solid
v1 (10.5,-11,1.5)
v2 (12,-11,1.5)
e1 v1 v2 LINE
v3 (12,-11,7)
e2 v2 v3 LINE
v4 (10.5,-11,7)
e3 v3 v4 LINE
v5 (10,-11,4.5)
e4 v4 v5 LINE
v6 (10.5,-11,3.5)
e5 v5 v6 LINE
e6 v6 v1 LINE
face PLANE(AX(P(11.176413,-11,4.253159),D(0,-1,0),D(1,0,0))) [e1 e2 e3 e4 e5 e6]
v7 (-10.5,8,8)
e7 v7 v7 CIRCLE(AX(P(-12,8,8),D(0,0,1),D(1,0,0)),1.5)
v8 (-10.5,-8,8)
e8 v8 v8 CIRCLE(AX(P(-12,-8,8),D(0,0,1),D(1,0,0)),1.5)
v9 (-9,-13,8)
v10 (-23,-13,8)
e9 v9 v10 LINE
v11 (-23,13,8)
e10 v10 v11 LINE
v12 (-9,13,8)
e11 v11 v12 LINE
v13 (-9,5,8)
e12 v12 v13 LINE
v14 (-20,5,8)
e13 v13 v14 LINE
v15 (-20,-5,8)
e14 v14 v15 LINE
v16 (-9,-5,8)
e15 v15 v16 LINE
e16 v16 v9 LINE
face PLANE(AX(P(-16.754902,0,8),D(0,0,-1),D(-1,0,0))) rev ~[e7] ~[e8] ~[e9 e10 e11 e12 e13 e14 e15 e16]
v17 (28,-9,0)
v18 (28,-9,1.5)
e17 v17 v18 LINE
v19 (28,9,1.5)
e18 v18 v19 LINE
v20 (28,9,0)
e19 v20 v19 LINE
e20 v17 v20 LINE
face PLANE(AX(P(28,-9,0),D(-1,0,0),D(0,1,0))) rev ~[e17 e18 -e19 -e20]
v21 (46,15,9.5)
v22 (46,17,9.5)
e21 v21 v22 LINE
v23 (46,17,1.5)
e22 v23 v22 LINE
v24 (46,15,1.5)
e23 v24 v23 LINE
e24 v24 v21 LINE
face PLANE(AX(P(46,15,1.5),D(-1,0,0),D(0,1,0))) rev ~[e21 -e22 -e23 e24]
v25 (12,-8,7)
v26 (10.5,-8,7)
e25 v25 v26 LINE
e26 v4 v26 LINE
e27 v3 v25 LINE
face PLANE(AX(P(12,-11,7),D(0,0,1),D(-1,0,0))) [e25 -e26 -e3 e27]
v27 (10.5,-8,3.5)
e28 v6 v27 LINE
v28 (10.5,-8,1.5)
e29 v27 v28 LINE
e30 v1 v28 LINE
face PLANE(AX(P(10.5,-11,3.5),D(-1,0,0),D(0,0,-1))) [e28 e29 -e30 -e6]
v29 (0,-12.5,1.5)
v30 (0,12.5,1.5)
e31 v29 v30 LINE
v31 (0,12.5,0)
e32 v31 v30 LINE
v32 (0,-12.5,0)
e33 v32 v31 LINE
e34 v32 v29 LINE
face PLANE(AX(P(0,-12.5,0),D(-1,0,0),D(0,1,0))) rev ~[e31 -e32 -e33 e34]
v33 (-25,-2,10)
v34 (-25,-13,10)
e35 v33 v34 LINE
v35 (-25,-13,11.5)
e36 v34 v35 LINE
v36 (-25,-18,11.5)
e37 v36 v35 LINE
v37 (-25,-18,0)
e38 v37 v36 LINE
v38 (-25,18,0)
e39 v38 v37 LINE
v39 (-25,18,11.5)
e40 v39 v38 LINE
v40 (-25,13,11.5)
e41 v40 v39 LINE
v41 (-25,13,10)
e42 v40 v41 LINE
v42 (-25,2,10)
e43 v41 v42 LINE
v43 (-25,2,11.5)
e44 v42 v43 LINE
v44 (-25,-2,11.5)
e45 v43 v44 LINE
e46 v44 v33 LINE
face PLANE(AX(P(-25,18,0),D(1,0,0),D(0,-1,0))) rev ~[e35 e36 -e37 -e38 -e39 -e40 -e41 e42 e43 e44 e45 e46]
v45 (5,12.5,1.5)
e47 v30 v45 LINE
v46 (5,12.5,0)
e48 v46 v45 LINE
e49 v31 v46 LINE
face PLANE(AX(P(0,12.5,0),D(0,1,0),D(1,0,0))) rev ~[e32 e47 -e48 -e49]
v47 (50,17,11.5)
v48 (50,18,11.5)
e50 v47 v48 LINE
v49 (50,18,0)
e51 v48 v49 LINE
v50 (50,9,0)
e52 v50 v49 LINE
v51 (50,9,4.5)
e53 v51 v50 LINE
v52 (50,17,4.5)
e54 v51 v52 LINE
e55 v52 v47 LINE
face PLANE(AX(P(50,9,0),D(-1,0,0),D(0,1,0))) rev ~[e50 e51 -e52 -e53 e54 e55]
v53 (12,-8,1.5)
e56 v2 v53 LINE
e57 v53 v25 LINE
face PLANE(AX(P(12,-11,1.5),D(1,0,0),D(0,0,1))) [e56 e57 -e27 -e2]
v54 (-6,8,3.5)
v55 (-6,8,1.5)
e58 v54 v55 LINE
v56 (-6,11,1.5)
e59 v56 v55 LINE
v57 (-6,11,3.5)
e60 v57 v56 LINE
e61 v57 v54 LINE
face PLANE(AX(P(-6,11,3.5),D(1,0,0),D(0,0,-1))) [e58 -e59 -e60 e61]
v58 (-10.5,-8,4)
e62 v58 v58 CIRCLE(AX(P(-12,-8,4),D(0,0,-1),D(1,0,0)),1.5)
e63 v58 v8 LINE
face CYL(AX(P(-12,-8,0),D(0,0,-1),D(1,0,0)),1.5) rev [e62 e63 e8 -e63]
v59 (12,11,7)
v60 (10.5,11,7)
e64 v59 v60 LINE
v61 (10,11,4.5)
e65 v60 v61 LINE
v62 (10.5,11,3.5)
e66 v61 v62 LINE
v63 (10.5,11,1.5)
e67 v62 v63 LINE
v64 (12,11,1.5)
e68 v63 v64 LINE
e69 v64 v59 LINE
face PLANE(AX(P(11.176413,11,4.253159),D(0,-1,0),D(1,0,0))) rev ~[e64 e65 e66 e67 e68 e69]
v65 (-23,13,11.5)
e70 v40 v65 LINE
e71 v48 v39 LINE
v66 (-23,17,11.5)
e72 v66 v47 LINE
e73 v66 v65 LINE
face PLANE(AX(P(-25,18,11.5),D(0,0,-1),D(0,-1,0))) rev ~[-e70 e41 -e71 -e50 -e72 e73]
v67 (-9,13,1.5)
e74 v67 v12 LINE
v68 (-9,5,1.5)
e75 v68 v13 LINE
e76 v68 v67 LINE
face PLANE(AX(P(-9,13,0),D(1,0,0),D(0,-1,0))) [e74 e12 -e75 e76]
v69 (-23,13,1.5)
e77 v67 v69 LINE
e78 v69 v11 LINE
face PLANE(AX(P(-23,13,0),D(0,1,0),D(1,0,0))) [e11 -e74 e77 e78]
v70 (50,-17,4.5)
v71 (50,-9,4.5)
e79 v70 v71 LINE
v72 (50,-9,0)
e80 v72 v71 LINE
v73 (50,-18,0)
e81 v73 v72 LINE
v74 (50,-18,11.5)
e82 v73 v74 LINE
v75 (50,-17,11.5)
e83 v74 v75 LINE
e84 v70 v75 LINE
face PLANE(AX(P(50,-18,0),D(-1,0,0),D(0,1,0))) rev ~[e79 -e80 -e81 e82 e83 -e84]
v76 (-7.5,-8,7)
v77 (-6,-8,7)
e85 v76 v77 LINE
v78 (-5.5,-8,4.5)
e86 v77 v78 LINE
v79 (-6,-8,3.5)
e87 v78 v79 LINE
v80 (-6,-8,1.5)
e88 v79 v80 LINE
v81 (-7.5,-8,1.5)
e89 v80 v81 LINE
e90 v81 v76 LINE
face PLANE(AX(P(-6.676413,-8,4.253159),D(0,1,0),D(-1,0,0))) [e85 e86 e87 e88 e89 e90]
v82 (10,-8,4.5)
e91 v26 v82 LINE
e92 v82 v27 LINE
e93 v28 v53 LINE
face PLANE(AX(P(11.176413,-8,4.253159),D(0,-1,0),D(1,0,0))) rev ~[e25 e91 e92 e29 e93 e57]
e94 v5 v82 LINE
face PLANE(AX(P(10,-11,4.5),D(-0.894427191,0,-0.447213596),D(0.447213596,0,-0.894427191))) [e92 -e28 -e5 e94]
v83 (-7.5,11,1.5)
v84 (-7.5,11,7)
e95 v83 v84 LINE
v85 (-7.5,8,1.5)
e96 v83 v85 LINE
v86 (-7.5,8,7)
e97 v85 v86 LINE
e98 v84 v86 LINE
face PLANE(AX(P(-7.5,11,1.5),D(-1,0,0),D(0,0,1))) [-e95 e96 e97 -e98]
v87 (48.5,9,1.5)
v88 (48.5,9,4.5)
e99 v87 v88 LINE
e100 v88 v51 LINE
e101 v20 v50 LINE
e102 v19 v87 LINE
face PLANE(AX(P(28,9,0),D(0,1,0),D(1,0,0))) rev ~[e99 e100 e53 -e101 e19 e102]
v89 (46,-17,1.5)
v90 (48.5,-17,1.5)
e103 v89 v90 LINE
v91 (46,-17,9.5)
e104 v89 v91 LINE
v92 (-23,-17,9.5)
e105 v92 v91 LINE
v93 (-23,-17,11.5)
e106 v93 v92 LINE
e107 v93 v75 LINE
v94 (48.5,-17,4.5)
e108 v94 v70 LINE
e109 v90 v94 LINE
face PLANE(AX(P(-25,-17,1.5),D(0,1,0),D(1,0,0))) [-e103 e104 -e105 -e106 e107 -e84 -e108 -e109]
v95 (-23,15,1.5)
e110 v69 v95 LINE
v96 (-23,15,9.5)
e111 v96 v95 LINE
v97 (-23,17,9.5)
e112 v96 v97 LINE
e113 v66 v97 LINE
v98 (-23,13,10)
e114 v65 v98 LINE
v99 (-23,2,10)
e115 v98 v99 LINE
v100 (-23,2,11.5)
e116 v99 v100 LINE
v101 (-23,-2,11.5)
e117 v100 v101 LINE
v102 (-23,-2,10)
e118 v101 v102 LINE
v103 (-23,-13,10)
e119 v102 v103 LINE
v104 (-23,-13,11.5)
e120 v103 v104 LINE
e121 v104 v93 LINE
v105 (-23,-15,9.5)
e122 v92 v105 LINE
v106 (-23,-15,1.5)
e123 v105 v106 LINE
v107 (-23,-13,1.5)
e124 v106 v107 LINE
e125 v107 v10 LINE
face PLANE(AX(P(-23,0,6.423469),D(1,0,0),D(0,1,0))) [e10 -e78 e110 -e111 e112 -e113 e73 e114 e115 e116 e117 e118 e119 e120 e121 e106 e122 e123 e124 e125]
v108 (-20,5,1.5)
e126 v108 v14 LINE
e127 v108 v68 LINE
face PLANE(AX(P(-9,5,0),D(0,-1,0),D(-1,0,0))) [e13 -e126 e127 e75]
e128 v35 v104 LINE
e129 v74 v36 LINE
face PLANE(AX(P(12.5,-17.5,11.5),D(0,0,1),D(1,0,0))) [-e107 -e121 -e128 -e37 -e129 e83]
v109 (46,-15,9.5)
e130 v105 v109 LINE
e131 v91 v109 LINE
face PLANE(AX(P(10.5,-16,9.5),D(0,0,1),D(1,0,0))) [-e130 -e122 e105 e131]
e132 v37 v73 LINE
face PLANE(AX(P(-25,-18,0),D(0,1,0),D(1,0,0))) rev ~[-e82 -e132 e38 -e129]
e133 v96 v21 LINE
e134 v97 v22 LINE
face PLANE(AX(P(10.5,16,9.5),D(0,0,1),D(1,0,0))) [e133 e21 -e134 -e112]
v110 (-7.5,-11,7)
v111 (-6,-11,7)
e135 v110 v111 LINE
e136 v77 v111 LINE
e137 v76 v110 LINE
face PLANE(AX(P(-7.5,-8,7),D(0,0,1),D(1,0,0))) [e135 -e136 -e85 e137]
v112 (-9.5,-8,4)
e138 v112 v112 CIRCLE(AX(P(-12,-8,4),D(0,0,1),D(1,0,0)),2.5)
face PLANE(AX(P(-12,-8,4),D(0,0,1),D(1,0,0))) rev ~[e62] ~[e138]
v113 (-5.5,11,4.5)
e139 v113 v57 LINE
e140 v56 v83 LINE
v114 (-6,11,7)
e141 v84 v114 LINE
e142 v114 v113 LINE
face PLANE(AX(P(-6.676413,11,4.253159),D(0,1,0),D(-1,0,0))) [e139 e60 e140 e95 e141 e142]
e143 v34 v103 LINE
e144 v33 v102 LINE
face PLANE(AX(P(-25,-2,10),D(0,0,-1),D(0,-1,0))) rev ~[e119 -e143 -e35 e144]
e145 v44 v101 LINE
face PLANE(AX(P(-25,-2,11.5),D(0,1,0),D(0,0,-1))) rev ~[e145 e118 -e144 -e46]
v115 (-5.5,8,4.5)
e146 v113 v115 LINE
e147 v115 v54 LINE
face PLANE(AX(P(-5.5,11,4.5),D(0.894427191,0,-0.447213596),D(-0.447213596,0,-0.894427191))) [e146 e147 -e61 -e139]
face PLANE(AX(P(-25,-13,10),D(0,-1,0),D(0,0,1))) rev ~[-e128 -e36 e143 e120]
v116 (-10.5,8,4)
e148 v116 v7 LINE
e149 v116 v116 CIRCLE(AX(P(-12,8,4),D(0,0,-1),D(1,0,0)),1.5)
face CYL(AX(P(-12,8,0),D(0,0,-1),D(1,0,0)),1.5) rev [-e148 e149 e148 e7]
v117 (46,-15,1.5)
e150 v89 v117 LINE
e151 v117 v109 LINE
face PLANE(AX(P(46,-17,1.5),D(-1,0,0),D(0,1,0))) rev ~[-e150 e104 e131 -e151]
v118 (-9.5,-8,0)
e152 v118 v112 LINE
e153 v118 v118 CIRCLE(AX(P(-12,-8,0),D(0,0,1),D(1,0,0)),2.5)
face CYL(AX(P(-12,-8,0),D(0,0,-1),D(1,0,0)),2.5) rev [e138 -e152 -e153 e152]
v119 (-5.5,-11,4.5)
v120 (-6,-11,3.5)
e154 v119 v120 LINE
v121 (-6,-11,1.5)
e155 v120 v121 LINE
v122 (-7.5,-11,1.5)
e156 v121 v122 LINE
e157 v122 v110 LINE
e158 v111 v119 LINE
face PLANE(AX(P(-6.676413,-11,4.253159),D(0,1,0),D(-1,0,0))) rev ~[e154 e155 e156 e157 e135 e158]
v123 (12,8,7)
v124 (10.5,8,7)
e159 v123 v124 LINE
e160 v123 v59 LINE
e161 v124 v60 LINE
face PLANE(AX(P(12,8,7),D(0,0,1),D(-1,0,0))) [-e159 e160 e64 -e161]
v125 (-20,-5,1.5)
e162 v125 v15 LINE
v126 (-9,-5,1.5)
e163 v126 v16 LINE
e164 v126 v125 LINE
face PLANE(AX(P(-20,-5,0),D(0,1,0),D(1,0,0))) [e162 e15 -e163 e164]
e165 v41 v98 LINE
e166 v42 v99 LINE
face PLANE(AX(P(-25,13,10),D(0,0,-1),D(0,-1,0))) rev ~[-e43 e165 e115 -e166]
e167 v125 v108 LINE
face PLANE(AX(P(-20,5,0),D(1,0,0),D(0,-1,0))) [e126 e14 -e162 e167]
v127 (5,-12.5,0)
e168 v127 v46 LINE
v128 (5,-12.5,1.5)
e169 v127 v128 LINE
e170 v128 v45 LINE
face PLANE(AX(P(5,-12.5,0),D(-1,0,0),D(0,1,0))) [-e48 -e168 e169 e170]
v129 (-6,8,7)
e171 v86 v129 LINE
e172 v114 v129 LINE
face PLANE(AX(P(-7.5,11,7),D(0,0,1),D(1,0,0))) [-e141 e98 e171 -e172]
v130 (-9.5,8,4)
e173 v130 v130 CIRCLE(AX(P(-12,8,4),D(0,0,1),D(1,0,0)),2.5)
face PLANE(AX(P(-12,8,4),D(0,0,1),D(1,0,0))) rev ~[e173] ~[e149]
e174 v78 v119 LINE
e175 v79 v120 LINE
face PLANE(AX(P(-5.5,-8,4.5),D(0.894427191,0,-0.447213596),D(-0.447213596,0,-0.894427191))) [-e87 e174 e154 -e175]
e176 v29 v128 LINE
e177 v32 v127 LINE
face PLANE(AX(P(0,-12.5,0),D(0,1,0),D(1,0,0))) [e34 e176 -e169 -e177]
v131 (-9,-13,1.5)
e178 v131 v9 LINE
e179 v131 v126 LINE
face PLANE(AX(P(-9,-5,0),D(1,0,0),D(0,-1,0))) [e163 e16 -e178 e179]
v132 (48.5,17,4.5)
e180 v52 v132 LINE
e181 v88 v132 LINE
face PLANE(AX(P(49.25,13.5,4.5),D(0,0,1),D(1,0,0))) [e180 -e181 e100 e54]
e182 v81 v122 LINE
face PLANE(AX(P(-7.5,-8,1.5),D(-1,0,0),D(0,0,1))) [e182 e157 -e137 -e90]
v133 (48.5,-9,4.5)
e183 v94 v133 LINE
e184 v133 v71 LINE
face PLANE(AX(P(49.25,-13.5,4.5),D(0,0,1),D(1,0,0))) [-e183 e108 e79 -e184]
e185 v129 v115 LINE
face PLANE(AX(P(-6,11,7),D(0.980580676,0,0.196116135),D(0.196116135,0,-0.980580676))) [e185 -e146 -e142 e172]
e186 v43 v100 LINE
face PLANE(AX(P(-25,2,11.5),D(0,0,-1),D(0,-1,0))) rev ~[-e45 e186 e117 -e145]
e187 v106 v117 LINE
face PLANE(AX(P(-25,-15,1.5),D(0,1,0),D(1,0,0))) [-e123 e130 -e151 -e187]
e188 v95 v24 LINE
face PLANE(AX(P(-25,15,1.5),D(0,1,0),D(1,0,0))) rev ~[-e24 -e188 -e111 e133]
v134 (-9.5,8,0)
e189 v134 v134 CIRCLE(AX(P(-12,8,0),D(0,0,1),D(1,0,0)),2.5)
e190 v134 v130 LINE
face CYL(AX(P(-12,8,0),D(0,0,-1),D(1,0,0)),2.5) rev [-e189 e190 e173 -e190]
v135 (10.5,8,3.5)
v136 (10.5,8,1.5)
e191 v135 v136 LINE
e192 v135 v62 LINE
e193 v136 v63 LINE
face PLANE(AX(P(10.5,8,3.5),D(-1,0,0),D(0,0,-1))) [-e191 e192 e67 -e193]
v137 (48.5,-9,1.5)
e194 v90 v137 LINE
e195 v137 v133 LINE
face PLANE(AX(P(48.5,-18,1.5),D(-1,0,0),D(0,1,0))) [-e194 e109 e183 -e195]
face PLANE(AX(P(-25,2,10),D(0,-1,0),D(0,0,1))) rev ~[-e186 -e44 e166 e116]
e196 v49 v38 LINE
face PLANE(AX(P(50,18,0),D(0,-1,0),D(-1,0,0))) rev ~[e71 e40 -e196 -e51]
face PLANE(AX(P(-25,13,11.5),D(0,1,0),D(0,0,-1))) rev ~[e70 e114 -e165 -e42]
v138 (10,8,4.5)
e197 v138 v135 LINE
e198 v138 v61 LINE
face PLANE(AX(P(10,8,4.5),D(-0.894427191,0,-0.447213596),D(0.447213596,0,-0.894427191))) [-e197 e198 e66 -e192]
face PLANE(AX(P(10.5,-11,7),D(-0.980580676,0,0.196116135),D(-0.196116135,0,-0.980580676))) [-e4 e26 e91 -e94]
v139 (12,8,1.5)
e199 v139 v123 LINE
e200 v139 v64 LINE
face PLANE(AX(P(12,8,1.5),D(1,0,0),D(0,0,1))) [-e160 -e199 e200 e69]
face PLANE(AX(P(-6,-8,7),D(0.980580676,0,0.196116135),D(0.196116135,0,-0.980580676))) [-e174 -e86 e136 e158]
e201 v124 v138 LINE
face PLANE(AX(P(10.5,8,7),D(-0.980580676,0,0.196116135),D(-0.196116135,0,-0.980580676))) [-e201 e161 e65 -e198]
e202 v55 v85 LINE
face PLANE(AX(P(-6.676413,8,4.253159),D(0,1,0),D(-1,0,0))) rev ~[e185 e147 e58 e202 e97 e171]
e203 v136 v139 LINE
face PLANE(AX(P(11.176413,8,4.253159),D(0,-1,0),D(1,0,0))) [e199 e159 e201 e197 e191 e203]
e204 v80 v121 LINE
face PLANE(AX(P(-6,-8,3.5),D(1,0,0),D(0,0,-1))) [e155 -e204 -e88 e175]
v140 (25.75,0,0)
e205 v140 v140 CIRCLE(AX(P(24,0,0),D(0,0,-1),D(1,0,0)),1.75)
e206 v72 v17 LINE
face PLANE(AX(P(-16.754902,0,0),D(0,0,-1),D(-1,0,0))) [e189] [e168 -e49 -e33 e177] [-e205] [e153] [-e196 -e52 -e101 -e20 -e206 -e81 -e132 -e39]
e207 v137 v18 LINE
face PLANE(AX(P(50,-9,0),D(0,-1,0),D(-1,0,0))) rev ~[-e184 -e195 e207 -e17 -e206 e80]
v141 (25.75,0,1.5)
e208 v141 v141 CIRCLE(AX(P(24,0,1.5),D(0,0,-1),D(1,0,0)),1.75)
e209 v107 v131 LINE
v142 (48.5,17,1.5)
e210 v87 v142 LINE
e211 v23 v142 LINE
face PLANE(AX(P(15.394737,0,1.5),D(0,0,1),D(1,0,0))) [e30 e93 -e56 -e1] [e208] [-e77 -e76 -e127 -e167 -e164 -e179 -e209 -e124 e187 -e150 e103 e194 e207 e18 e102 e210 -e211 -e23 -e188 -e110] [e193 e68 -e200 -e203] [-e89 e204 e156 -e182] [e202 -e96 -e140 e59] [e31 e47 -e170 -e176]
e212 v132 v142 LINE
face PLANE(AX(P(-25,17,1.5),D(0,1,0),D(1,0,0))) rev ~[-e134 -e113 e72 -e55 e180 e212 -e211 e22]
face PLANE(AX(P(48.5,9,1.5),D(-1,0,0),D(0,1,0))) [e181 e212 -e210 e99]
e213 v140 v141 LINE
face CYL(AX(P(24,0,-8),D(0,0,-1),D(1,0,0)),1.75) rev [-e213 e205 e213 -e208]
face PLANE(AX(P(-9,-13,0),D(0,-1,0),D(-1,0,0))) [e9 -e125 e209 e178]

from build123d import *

# Parameters (mm, degrees)
CYLINDER002_R                        = 1.75
CYLINDER002_DEPTH                    = 19
CYLINDER003_R                        = 2.5
CYLINDER003_DEPTH                    = 4
CYLINDER004_R                        = 2.5
CYLINDER004_DEPTH                    = 4
BOX003_W                             = 71
BOX003_H                             = 2
BOX003_DEPTH                         = 8
BOX004_W                             = 1.5
BOX004_H                             = 9
BOX004_DEPTH                         = 3
BOX005_W                             = 1.5
BOX005_H                             = 9
BOX005_DEPTH                         = 3
BOX001_W                             = 75
BOX001_H                             = 1
BOX001_DEPTH                         = 10
BOX002_W                             = 71
BOX002_H                             = 2
BOX002_DEPTH                         = 8
EXTRUDE001_DEPTH                     = 2
SKETCH_W                             = 5
SKETCH_H                             = 25
EXTRUDE_DEPTH                        = 1.5
SKETCH004_R                          = 1.5
EXTRUDE003_DEPTH                     = 8
EXTRUDE008_DEPTH                     = 3
EXTRUDE008_ONTO_SKETCH007_ROLL_ANGLE = 90
EXTRUDE008_PLACEMENT_ANGLE           = 180
EXTRUDE007_DEPTH                     = 3
EXTRUDE007_ONTO_SKETCH006_ROLL_ANGLE = 90
EXTRUDE007_PLACEMENT_ANGLE           = 180
EXTRUDE006_DEPTH                     = 3
EXTRUDE006_ONTO_SKETCH006_ROLL_ANGLE = 90
EXTRUDE005_DEPTH                     = 3
EXTRUDE005_ONTO_SKETCH006_ROLL_ANGLE = 90
BOX_W                                = 75
BOX_H                                = 1
BOX_DEPTH                            = 10


with BuildPart() as cylinder002:
    # Cylinder002 → Cylinder002 (new body)
    with BuildSketch(Plane(origin=(24, 0, -8), x_dir=(1, 0, 0), z_dir=(0, 0, 1))):
        Circle(CYLINDER002_R)
    extrude(amount=CYLINDER002_DEPTH)


with BuildPart() as cylinder003:
    # Cylinder003 → Cylinder003 (new body)
    with BuildSketch(Plane(origin=(-12, -8, 0), x_dir=(1, 0, 0), z_dir=(0, 0, 1))):
        Circle(CYLINDER003_R)
    extrude(amount=CYLINDER003_DEPTH)


with BuildPart() as holesside1:
    # Cylinder004 → Cylinder004 (new body)
    with BuildSketch(Plane(origin=(-12, 8, 0), x_dir=(1, 0, 0), z_dir=(0, 0, 1))):
        Circle(CYLINDER004_R)
    extrude(amount=CYLINDER004_DEPTH)

    # Fusion005: union Cylinder002, Cylinder003
    add(cylinder002.part)
    add(cylinder003.part)


with BuildPart() as sidewall004:
    # Box003 → Box003 (new body)
    with BuildSketch(Plane(origin=(-25, 15, 1.5), x_dir=(1, 0, 0), z_dir=(0, 0, 1))):
        with Locations((35.5, 1)):
            Rectangle(BOX003_W, BOX003_H)
    extrude(amount=BOX003_DEPTH)


with BuildPart() as cube:
    # Box004 → Box004 (new body)
    with BuildSketch(Plane(origin=(48.5, 9, 1.5), x_dir=(1, 0, 0), z_dir=(0, 0, 1))):
        with Locations((0.75, 4.5)):
            Rectangle(BOX004_W, BOX004_H)
    extrude(amount=BOX004_DEPTH)


with BuildPart() as cube001:
    # Box005 → Box005 (new body)
    with BuildSketch(Plane(origin=(48.5, -18, 1.5), x_dir=(1, 0, 0), z_dir=(0, 0, 1))):
        with Locations((0.75, 4.5)):
            Rectangle(BOX005_W, BOX005_H)
    extrude(amount=BOX005_DEPTH)


with BuildPart() as sidewall002:
    # Box001 → Box001 (new body)
    with BuildSketch(Plane(origin=(-25, 17, 1.5), x_dir=(1, 0, 0), z_dir=(0, 0, 1))):
        with Locations((37.5, 0.5)):
            Rectangle(BOX001_W, BOX001_H)
    extrude(amount=BOX001_DEPTH)


with BuildPart() as sidewall003:
    # Box002 → Box002 (new body)
    with BuildSketch(Plane(origin=(-25, -17, 1.5), x_dir=(1, 0, 0), z_dir=(0, 0, 1))):
        with Locations((35.5, 1)):
            Rectangle(BOX002_W, BOX002_H)
    extrude(amount=BOX002_DEPTH)


with BuildPart() as extrude001:
    # Sketch001 → Extrude001 (new body)
    with BuildSketch(Plane.YZ):
        Polygon((-18, 0), (18, 0), (18, 10), (13, 10), (13, 8.5), (2, 8.5), (2, 10), (-2, 10), (-2, 8.5), (-13, 8.5), (-13, 10), (-18, 10), align=None)
    extrude(amount=EXTRUDE001_DEPTH)


with BuildPart() as extrude001_1:
    # Extrude001 placement: moved
    add(extrude001.part.moved(Location((-25, 0, 1.5))))


with BuildPart() as extrude_body:
    # Sketch → Extrude (new body)
    with BuildSketch(Plane.XY):
        Polygon((-25, 18), (-25, -18), (50, -18), (50, -9), (28, -9), (28, 9), (50, 9), (50, 18), align=None)
        with Locations((2.5, 0)):
            Rectangle(SKETCH_W, SKETCH_H, mode=Mode.SUBTRACT)
    extrude(amount=EXTRUDE_DEPTH)


with BuildPart() as extrude003:
    # Sketch004 → Extrude003 (new body)
    with BuildSketch(Plane.XY):
        Polygon((-3, 13), (11, 13), (11, 5), (0, 5), (0, -5), (11, -5), (11, -13), (-3, -13), align=None)
        with Locations((8, 8)):
            Circle(SKETCH004_R, mode=Mode.SUBTRACT)
        with Locations((8, -8)):
            Circle(SKETCH004_R, mode=Mode.SUBTRACT)
    extrude(amount=EXTRUDE003_DEPTH)


with BuildPart() as extrude003_1:
    # Extrude003 placement: moved
    add(extrude003.part.moved(Location((-20, 0, 0))))


with BuildPart() as extrude008:
    # Sketch007 as drawn → Extrude008 (new)
    with BuildSketch(Plane.XY):
        Polygon((0, 0), (-1.5, 0), (-1.5, 5.5), (0, 5.5), (0.5, 3), (0, 2), align=None)
    extrude(amount=EXTRUDE008_DEPTH)


with BuildPart() as extrude008_1:
    # Extrude008 onto Sketch007 roll: moved
    add(extrude008.part.rotate(Axis((0, 0, 0), (1, 0, 0)), EXTRUDE008_ONTO_SKETCH007_ROLL_ANGLE))


with BuildPart() as extrude008_2:
    # Extrude008 onto Sketch007 placement: moved
    add(extrude008_1.part)


with BuildPart() as extrude008_3:
    # Extrude008 placement: moved
    add(extrude008_2.part.moved(Location((10.5, -11, 1.5))).rotate(Axis((10.5, -11, 1.5), (0, 0, 1)), EXTRUDE008_PLACEMENT_ANGLE))


with BuildPart() as extrude007:
    # Sketch006 as drawn → Extrude007 (new)
    with BuildSketch(Plane.XY):
        Polygon((0, 0), (-1.5, 0), (-1.5, 5.5), (0, 5.5), (0.5, 3), (0, 2), align=None)
    extrude(amount=EXTRUDE007_DEPTH)


with BuildPart() as extrude007_1:
    # Extrude007 onto Sketch006 roll: moved
    add(extrude007.part.rotate(Axis((0, 0, 0), (1, 0, 0)), EXTRUDE007_ONTO_SKETCH006_ROLL_ANGLE))


with BuildPart() as extrude007_2:
    # Extrude007 onto Sketch006 placement: moved
    add(extrude007_1.part)


with BuildPart() as extrude007_3:
    # Extrude007 placement: moved
    add(extrude007_2.part.moved(Location((10.5, 8, 1.5))).rotate(Axis((10.5, 8, 1.5), (0, 0, 1)), EXTRUDE007_PLACEMENT_ANGLE))


with BuildPart() as extrude006:
    # Sketch006 as drawn → Extrude006 (new)
    with BuildSketch(Plane.XY):
        Polygon((0, 0), (-1.5, 0), (-1.5, 5.5), (0, 5.5), (0.5, 3), (0, 2), align=None)
    extrude(amount=EXTRUDE006_DEPTH)


with BuildPart() as extrude006_1:
    # Extrude006 onto Sketch006 roll: moved
    add(extrude006.part.rotate(Axis((0, 0, 0), (1, 0, 0)), EXTRUDE006_ONTO_SKETCH006_ROLL_ANGLE))


with BuildPart() as extrude006_2:
    # Extrude006 onto Sketch006 placement: moved
    add(extrude006_1.part)


with BuildPart() as extrude006_3:
    # Extrude006 placement: moved
    add(extrude006_2.part.moved(Location((-6, -8, 1.5))))


with BuildPart() as pcb_holder:
    # Sketch006 as drawn → Extrude005 (new)
    with BuildSketch(Plane.XY):
        Polygon((0, 0), (-1.5, 0), (-1.5, 5.5), (0, 5.5), (0.5, 3), (0, 2), align=None)
    extrude(amount=EXTRUDE005_DEPTH)


with BuildPart() as pcb_holder_1:
    # Extrude005 onto Sketch006 roll: moved
    add(pcb_holder.part.rotate(Axis((0, 0, 0), (1, 0, 0)), EXTRUDE005_ONTO_SKETCH006_ROLL_ANGLE))


with BuildPart() as pcb_holder_2:
    # Extrude005 onto Sketch006 placement: moved
    add(pcb_holder_1.part)


with BuildPart() as pcb_holder_3:
    # Extrude005 placement: moved
    add(pcb_holder_2.part.moved(Location((-6, 11, 1.5))))

    # Fusion007: union Extrude008, Extrude007, Extrude006
    add(extrude008_3.part)
    add(extrude007_3.part)
    add(extrude006_3.part)


with BuildPart() as side1withholes:
    # Box → Box (new body)
    with BuildSketch(Plane(origin=(-25, -18, 1.5), x_dir=(1, 0, 0), z_dir=(0, 0, 1))):
        with Locations((37.5, 0.5)):
            Rectangle(BOX_W, BOX_H)
    extrude(amount=BOX_DEPTH)

    # Fusion: union sidewall004, Cube, Cube001, sidewall002, sidewall003, Extrude001, Extrude body, Extrude003, pcb_holder
    add(sidewall004.part)
    add(cube.part)
    add(cube001.part)
    add(sidewall002.part)
    add(sidewall003.part)
    add(extrude001_1.part)
    add(extrude_body.part)
    add(extrude003_1.part)
    add(pcb_holder_3.part)

    # Cut001: cut HolesSide1
    add(holesside1.part, mode=Mode.SUBTRACT)


solid = side1withholes.part
